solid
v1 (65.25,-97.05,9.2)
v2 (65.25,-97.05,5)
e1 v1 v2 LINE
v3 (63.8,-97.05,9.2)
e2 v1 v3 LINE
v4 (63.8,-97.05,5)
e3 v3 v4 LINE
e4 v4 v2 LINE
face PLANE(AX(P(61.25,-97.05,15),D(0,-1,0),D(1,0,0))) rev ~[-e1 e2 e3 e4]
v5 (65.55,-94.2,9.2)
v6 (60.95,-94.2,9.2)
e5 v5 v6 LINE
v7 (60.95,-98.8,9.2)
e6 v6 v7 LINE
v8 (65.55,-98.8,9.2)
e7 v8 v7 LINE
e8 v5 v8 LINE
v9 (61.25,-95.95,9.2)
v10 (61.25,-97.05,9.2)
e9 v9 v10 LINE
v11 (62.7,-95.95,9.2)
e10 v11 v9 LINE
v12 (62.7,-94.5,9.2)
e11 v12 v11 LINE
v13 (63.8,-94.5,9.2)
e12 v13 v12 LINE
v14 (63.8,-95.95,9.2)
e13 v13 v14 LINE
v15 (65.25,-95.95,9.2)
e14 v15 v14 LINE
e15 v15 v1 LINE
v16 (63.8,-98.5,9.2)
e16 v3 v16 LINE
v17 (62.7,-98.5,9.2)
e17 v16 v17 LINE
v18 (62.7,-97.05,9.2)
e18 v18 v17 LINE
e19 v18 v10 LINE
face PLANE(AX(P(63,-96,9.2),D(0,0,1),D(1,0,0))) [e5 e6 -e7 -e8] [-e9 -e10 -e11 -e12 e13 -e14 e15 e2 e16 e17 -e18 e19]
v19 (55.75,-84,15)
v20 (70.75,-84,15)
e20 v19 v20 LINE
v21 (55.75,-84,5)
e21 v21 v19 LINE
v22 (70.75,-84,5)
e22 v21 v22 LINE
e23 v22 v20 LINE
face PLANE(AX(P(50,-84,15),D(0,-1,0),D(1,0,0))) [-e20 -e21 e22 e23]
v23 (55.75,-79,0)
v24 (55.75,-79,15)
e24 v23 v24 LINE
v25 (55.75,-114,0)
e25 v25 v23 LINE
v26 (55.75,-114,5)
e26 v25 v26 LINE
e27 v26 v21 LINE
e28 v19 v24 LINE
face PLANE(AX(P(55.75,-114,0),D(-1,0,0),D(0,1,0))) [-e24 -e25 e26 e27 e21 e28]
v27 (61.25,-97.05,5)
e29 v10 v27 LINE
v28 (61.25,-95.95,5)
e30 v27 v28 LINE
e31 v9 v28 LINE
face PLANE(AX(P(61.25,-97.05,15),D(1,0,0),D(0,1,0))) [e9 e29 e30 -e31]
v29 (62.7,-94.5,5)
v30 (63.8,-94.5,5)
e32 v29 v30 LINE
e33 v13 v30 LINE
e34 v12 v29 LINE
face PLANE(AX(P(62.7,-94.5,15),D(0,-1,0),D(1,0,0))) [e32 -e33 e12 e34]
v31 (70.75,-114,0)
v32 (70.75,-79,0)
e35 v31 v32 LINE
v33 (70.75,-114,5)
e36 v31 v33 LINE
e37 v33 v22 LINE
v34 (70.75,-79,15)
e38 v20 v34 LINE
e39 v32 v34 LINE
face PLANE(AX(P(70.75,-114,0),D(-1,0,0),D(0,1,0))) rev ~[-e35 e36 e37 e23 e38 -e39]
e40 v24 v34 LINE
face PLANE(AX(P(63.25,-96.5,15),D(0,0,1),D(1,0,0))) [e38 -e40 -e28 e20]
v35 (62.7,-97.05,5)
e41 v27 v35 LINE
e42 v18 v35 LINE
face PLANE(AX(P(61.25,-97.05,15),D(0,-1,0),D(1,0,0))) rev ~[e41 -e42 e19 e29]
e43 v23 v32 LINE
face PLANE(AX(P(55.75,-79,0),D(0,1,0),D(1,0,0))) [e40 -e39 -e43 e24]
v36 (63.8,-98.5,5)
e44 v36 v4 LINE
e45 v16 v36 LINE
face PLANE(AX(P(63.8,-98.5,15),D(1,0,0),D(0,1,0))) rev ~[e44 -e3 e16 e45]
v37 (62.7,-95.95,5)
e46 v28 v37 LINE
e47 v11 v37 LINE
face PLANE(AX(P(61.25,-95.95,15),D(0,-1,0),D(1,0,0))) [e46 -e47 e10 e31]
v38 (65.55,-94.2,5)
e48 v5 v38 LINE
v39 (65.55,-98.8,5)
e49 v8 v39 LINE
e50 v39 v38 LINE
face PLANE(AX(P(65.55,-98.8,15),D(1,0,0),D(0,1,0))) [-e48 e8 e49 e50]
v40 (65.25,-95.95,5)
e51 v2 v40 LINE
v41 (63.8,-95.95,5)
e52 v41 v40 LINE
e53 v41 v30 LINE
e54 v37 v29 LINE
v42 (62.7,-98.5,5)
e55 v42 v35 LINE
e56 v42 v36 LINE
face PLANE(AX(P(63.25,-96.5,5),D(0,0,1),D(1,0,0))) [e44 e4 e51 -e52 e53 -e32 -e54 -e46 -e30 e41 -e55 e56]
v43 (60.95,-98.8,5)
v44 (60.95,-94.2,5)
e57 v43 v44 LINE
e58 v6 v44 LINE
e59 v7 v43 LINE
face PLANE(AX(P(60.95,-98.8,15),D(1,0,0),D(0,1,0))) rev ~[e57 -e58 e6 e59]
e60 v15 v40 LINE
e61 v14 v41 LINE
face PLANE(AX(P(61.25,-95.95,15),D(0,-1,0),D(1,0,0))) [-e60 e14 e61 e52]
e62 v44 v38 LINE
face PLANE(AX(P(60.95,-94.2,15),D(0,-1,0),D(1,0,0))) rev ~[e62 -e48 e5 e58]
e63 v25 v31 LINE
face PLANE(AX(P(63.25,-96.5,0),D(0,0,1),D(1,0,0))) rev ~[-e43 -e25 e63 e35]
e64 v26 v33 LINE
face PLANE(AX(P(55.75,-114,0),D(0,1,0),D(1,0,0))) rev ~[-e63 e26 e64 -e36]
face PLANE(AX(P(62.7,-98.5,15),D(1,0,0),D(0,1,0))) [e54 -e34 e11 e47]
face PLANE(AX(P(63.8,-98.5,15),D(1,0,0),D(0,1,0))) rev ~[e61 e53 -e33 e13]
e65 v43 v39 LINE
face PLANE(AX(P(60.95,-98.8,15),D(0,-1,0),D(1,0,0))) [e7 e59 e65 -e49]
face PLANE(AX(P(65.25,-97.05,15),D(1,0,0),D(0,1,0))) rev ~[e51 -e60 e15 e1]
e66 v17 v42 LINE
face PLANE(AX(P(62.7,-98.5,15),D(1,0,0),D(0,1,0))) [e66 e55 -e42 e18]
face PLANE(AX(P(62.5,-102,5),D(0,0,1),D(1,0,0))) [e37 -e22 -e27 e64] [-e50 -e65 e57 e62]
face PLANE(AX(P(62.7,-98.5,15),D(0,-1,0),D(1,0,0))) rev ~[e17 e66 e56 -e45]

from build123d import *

# Parameters (mm, degrees)
SKETCH_W        = 15
SKETCH_H        = 35
PAD_DEPTH       = 15
SKETCH001_W     = 25
SKETCH001_H     = 36
SKETCH001_W_2   = 4.6
SKETCH001_H_2   = 4.6
SKETCH001_W_3   = 1.1
SKETCH001_H_3   = 4
POCKET_DEPTH    = 10
SKETCH002_W     = 4
SKETCH002_H     = 1.1
POCKET001_DEPTH = 10
SKETCH003_W     = 6
SKETCH003_H     = 6
POCKET002_DEPTH = 5.8


with BuildPart() as part:
    # Sketch → Pad (new body)
    with BuildSketch(Plane.XY):
        with Locations((63.25, -96.5)):
            Rectangle(SKETCH_W, SKETCH_H)
    extrude(amount=PAD_DEPTH)

    # Sketch001 (on DatumPlane) → Pocket (cut)
    with BuildSketch(Plane.XY.offset(15)):
        with Locations((62.5, -102)):
            Rectangle(SKETCH001_W, SKETCH001_H)
        with Locations((63.25, -96.5)):
            Rectangle(SKETCH001_W_2, SKETCH001_H_2, mode=Mode.SUBTRACT)
        with Locations((63.25, -96.5)):
            Rectangle(SKETCH001_W_3, SKETCH001_H_3)
    extrude(amount=-POCKET_DEPTH, mode=Mode.SUBTRACT)

    # Sketch002 (on DatumPlane) → Pocket001 (cut)
    with BuildSketch(Plane.XY.offset(15)):
        with Locations((63.25, -96.5)):
            Rectangle(SKETCH002_W, SKETCH002_H)
    extrude(amount=-POCKET001_DEPTH, mode=Mode.SUBTRACT)

    # Sketch003 (on DatumPlane) → Pocket002 (cut)
    with BuildSketch(Plane.XY.offset(15)):
        with Locations((63, -96)):
            Rectangle(SKETCH003_W, SKETCH003_H)
    extrude(amount=-POCKET002_DEPTH, mode=Mode.SUBTRACT)


solid = part.part
